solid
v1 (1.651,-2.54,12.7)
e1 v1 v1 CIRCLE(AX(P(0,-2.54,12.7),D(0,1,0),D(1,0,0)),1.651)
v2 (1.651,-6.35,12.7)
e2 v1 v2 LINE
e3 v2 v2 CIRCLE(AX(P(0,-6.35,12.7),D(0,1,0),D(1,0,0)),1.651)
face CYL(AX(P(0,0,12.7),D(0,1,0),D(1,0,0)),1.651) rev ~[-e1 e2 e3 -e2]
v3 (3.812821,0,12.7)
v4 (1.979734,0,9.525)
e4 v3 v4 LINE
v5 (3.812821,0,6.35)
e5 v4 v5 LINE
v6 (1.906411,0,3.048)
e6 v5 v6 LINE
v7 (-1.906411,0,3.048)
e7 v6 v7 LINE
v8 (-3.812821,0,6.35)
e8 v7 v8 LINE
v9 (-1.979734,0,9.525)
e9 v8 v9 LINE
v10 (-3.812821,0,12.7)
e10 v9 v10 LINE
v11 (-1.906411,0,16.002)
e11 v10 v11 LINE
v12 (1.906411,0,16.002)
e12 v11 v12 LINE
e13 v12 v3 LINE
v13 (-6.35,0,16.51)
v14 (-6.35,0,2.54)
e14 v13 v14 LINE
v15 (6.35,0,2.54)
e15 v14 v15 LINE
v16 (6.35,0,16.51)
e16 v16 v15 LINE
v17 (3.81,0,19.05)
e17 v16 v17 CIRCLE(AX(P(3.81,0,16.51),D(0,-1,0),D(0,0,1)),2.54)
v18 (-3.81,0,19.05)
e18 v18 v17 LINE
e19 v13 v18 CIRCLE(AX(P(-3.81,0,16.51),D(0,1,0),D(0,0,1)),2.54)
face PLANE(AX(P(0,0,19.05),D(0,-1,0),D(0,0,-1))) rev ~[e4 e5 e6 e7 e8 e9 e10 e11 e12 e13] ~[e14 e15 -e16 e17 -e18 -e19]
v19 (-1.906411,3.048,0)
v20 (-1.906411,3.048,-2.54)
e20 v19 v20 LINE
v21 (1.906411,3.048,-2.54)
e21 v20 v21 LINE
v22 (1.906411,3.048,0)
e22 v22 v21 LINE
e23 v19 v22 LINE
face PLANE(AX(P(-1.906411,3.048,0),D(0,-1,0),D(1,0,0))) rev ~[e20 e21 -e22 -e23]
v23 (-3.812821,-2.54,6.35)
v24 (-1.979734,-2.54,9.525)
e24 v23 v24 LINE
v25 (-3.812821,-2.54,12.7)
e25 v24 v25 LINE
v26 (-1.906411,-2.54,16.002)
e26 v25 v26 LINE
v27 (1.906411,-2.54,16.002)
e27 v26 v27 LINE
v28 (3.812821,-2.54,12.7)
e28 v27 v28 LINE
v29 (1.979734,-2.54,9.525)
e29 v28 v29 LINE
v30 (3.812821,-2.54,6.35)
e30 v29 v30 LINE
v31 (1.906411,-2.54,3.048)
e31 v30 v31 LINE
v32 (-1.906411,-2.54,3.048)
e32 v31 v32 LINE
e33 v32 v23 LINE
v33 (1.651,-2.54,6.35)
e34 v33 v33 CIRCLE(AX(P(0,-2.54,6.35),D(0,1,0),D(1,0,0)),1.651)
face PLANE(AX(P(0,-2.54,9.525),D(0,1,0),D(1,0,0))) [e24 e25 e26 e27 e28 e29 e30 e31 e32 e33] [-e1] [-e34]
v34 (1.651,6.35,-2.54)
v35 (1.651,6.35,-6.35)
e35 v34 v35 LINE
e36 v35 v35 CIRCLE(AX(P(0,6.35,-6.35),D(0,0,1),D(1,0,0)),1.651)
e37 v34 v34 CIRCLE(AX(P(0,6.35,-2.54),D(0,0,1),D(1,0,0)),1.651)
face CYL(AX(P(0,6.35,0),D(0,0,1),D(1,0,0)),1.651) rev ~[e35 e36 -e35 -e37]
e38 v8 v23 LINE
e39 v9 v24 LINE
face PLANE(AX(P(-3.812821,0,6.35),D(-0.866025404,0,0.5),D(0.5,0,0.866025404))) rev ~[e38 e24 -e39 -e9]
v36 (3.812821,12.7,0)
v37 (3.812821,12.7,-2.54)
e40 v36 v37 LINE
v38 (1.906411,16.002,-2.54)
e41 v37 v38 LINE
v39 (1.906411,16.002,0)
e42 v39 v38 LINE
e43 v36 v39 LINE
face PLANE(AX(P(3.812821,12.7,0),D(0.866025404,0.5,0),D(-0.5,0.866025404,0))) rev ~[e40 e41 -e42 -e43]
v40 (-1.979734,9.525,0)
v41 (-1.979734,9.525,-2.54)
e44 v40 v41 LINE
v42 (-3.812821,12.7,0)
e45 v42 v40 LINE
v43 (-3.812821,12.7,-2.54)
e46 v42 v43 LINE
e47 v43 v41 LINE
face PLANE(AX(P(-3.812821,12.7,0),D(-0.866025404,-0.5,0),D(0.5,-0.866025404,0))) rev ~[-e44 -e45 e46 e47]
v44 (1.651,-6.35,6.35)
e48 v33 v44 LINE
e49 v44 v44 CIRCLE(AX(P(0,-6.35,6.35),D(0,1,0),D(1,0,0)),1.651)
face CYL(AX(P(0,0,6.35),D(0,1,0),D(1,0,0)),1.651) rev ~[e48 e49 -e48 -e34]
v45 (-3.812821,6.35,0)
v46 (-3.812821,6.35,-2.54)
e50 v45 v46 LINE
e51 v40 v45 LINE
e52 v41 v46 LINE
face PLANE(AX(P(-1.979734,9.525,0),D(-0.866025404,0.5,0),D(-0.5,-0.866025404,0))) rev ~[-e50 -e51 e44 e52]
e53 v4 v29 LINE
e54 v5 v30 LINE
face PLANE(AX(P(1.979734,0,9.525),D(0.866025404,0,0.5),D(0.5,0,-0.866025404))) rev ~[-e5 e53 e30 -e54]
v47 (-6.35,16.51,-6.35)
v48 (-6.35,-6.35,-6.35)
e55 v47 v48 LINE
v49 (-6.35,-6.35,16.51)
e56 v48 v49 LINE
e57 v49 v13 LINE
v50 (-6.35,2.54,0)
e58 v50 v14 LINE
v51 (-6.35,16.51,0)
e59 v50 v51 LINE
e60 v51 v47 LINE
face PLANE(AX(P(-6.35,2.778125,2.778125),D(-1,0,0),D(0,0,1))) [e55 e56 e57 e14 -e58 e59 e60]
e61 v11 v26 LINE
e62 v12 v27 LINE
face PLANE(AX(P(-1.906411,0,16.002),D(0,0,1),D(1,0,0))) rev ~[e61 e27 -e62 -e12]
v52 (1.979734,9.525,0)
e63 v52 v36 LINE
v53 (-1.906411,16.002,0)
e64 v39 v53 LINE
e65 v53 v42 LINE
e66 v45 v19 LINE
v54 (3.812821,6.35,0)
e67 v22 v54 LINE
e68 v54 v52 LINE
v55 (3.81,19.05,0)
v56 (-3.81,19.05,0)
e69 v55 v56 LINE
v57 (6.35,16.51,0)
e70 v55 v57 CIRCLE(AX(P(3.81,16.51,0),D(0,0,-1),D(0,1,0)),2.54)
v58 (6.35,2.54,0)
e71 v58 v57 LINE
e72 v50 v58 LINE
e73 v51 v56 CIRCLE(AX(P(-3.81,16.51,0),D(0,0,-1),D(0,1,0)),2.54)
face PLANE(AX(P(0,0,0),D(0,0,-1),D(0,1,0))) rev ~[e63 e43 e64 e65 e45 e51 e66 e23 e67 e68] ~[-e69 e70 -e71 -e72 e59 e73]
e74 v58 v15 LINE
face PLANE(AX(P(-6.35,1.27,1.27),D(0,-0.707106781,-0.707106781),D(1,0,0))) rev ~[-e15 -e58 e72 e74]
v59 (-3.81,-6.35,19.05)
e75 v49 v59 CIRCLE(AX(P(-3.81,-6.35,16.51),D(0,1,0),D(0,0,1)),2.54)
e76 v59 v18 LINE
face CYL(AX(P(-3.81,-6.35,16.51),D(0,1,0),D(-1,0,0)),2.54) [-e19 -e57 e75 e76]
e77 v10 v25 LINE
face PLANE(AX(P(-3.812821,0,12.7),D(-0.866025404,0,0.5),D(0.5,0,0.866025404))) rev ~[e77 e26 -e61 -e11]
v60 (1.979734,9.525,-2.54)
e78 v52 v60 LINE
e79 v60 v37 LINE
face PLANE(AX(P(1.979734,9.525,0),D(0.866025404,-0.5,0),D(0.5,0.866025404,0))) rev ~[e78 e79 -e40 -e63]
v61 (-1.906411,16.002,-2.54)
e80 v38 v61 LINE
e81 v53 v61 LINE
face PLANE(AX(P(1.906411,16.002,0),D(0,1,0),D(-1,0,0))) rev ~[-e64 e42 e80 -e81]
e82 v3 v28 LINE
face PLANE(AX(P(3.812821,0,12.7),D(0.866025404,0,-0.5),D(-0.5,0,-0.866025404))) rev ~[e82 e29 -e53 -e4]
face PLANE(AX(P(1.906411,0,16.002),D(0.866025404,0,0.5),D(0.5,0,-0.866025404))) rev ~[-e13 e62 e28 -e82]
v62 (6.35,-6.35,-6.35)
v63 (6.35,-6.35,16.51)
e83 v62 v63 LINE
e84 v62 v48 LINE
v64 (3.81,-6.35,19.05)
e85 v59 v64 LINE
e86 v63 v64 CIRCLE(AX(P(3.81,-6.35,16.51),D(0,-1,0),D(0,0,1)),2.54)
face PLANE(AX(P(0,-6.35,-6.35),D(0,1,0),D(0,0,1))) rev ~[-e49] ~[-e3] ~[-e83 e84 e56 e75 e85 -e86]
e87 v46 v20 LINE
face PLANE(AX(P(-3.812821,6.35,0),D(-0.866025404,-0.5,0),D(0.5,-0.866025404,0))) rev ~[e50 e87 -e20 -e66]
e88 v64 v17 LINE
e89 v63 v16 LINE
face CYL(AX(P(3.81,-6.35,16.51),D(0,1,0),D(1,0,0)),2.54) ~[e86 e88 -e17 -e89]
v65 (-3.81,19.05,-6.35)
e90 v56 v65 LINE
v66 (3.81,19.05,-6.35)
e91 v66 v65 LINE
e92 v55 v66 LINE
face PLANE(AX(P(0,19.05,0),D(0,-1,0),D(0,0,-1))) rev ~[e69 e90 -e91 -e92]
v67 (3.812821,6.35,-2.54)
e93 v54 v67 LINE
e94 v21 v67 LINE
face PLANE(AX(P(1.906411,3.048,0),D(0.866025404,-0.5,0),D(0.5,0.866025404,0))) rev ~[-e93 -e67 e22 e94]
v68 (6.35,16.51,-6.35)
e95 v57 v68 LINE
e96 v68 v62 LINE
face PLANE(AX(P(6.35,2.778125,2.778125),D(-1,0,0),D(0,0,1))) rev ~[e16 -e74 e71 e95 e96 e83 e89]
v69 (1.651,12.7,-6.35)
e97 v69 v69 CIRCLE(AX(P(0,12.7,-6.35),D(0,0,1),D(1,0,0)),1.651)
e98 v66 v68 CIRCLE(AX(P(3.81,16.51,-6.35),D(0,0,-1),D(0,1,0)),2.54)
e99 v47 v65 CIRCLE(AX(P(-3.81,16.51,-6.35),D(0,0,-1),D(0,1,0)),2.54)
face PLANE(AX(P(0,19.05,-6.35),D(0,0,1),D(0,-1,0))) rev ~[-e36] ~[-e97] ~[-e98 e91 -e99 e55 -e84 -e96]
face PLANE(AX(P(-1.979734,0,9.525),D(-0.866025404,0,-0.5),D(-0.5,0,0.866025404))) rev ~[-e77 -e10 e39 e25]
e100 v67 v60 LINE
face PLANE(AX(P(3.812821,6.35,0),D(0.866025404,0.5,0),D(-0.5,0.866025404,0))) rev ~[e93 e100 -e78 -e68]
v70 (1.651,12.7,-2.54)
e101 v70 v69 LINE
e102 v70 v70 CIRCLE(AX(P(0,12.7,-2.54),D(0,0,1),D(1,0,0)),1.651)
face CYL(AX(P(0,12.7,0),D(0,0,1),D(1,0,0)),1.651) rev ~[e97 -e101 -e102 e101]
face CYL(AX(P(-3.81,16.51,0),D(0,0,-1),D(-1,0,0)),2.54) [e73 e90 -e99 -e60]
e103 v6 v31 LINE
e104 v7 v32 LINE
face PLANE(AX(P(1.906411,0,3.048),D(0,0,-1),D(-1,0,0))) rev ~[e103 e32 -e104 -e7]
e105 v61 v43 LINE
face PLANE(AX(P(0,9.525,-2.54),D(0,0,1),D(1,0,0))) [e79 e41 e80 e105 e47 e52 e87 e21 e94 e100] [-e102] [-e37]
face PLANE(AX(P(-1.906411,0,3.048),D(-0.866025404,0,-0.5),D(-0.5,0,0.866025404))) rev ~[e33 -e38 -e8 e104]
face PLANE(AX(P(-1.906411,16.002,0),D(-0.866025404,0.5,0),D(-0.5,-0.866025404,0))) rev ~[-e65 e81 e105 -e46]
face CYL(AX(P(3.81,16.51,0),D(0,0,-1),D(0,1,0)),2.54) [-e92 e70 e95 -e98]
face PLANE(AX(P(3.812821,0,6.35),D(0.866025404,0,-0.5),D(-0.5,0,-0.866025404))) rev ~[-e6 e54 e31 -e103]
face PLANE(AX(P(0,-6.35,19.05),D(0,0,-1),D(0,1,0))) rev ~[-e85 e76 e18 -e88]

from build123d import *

# Parameters (mm, degrees)
BOSS_EXTRUDE1_DEPTH      = 6.35
BOSS_EXTRUDE1_DEPTH_BACK = 6.35
SKETCH2_R                = 1.651
CUT_EXTRUDE1_DEPTH       = 25.4
CUT_EXTRUDE2_DEPTH       = 2.54
SKETCH4_R                = 1.651
CUT_EXTRUDE3_DEPTH       = 6.35
CUT_EXTRUDE4_DEPTH       = 2.54
CHAMFER1_SIZE            = 2.54
FILLET1_R                = 2.54


with BuildPart() as part:
    # Sketch1 → Boss-Extrude1 (new, two sides: drawn at the far end of the back side and taken through both)
    with BuildSketch(Plane(origin=(0, 0, 0), x_dir=(0, 0, -1), z_dir=(1, 0, 0)).offset(-BOSS_EXTRUDE1_DEPTH_BACK)):
        Polygon((0, 0), (0, 19.05), (6.35, 19.05), (6.35, -6.35), (-19.05, -6.35), (-19.05, 0), align=None)
    extrude(amount=BOSS_EXTRUDE1_DEPTH + BOSS_EXTRUDE1_DEPTH_BACK)

    # Sketch2 → Cut-Extrude1 (cut)
    with BuildSketch(Plane(origin=(0, 0, 0), x_dir=(1, 0, 0), z_dir=(0, 1, 0))):
        with Locations((0, -6.35)):
            Circle(SKETCH2_R)
        with Locations((0, -12.7)):
            Circle(SKETCH2_R)
    extrude(amount=-CUT_EXTRUDE1_DEPTH, mode=Mode.SUBTRACT)

    # Sketch3 → Cut-Extrude2 (cut)
    with BuildSketch(Plane(origin=(0, 0, 0), x_dir=(1, 0, 0), z_dir=(0, 1, 0))):
        Polygon((1.906410589, -3.048), (-1.906410589, -3.048), (-3.812821178, -6.35), (-1.979734073, -9.525), (-3.812821178, -12.7), (-1.906410589, -16.002), (1.906410589, -16.002), (3.812821178, -12.7), (1.979734073, -9.525), (3.812821178, -6.35), align=None)
    extrude(amount=-CUT_EXTRUDE2_DEPTH, mode=Mode.SUBTRACT)

    # Sketch4 → Cut-Extrude3 (cut)
    with BuildSketch(Plane.XY):
        with Locations((0, 12.7)):
            Circle(SKETCH4_R)
        with Locations((0, 6.35)):
            Circle(SKETCH4_R)
    extrude(amount=-CUT_EXTRUDE3_DEPTH, mode=Mode.SUBTRACT)

    # Sketch5 → Cut-Extrude4 (cut)
    with BuildSketch(Plane.XY):
        Polygon((1.906410589, 16.002), (-1.906410589, 16.002), (-3.812821178, 12.7), (-1.979734073, 9.525), (-3.812821178, 6.35), (-1.906410589, 3.048), (1.906410589, 3.048), (3.812821178, 6.35), (1.979734073, 9.525), (3.812821178, 12.7), align=None)
    extrude(amount=-CUT_EXTRUDE4_DEPTH, mode=Mode.SUBTRACT)

    # Chamfer1
    chamfer1_edges = [part.edges().sort_by_distance(p)[0] for p in [
        (0, 0, 0),
    ]]
    chamfer(chamfer1_edges, length=CHAMFER1_SIZE)

    # Fillet1
    fillet1_edges = [part.edges().sort_by_distance(p)[0] for p in [
        (-6.35, -3.175, 19.05),
        (6.35, -3.175, 19.05),
        (6.35, 19.05, -3.175),
        (-6.35, 19.05, -3.175),
    ]]
    fillet(fillet1_edges, radius=FILLET1_R)


solid = part.part
